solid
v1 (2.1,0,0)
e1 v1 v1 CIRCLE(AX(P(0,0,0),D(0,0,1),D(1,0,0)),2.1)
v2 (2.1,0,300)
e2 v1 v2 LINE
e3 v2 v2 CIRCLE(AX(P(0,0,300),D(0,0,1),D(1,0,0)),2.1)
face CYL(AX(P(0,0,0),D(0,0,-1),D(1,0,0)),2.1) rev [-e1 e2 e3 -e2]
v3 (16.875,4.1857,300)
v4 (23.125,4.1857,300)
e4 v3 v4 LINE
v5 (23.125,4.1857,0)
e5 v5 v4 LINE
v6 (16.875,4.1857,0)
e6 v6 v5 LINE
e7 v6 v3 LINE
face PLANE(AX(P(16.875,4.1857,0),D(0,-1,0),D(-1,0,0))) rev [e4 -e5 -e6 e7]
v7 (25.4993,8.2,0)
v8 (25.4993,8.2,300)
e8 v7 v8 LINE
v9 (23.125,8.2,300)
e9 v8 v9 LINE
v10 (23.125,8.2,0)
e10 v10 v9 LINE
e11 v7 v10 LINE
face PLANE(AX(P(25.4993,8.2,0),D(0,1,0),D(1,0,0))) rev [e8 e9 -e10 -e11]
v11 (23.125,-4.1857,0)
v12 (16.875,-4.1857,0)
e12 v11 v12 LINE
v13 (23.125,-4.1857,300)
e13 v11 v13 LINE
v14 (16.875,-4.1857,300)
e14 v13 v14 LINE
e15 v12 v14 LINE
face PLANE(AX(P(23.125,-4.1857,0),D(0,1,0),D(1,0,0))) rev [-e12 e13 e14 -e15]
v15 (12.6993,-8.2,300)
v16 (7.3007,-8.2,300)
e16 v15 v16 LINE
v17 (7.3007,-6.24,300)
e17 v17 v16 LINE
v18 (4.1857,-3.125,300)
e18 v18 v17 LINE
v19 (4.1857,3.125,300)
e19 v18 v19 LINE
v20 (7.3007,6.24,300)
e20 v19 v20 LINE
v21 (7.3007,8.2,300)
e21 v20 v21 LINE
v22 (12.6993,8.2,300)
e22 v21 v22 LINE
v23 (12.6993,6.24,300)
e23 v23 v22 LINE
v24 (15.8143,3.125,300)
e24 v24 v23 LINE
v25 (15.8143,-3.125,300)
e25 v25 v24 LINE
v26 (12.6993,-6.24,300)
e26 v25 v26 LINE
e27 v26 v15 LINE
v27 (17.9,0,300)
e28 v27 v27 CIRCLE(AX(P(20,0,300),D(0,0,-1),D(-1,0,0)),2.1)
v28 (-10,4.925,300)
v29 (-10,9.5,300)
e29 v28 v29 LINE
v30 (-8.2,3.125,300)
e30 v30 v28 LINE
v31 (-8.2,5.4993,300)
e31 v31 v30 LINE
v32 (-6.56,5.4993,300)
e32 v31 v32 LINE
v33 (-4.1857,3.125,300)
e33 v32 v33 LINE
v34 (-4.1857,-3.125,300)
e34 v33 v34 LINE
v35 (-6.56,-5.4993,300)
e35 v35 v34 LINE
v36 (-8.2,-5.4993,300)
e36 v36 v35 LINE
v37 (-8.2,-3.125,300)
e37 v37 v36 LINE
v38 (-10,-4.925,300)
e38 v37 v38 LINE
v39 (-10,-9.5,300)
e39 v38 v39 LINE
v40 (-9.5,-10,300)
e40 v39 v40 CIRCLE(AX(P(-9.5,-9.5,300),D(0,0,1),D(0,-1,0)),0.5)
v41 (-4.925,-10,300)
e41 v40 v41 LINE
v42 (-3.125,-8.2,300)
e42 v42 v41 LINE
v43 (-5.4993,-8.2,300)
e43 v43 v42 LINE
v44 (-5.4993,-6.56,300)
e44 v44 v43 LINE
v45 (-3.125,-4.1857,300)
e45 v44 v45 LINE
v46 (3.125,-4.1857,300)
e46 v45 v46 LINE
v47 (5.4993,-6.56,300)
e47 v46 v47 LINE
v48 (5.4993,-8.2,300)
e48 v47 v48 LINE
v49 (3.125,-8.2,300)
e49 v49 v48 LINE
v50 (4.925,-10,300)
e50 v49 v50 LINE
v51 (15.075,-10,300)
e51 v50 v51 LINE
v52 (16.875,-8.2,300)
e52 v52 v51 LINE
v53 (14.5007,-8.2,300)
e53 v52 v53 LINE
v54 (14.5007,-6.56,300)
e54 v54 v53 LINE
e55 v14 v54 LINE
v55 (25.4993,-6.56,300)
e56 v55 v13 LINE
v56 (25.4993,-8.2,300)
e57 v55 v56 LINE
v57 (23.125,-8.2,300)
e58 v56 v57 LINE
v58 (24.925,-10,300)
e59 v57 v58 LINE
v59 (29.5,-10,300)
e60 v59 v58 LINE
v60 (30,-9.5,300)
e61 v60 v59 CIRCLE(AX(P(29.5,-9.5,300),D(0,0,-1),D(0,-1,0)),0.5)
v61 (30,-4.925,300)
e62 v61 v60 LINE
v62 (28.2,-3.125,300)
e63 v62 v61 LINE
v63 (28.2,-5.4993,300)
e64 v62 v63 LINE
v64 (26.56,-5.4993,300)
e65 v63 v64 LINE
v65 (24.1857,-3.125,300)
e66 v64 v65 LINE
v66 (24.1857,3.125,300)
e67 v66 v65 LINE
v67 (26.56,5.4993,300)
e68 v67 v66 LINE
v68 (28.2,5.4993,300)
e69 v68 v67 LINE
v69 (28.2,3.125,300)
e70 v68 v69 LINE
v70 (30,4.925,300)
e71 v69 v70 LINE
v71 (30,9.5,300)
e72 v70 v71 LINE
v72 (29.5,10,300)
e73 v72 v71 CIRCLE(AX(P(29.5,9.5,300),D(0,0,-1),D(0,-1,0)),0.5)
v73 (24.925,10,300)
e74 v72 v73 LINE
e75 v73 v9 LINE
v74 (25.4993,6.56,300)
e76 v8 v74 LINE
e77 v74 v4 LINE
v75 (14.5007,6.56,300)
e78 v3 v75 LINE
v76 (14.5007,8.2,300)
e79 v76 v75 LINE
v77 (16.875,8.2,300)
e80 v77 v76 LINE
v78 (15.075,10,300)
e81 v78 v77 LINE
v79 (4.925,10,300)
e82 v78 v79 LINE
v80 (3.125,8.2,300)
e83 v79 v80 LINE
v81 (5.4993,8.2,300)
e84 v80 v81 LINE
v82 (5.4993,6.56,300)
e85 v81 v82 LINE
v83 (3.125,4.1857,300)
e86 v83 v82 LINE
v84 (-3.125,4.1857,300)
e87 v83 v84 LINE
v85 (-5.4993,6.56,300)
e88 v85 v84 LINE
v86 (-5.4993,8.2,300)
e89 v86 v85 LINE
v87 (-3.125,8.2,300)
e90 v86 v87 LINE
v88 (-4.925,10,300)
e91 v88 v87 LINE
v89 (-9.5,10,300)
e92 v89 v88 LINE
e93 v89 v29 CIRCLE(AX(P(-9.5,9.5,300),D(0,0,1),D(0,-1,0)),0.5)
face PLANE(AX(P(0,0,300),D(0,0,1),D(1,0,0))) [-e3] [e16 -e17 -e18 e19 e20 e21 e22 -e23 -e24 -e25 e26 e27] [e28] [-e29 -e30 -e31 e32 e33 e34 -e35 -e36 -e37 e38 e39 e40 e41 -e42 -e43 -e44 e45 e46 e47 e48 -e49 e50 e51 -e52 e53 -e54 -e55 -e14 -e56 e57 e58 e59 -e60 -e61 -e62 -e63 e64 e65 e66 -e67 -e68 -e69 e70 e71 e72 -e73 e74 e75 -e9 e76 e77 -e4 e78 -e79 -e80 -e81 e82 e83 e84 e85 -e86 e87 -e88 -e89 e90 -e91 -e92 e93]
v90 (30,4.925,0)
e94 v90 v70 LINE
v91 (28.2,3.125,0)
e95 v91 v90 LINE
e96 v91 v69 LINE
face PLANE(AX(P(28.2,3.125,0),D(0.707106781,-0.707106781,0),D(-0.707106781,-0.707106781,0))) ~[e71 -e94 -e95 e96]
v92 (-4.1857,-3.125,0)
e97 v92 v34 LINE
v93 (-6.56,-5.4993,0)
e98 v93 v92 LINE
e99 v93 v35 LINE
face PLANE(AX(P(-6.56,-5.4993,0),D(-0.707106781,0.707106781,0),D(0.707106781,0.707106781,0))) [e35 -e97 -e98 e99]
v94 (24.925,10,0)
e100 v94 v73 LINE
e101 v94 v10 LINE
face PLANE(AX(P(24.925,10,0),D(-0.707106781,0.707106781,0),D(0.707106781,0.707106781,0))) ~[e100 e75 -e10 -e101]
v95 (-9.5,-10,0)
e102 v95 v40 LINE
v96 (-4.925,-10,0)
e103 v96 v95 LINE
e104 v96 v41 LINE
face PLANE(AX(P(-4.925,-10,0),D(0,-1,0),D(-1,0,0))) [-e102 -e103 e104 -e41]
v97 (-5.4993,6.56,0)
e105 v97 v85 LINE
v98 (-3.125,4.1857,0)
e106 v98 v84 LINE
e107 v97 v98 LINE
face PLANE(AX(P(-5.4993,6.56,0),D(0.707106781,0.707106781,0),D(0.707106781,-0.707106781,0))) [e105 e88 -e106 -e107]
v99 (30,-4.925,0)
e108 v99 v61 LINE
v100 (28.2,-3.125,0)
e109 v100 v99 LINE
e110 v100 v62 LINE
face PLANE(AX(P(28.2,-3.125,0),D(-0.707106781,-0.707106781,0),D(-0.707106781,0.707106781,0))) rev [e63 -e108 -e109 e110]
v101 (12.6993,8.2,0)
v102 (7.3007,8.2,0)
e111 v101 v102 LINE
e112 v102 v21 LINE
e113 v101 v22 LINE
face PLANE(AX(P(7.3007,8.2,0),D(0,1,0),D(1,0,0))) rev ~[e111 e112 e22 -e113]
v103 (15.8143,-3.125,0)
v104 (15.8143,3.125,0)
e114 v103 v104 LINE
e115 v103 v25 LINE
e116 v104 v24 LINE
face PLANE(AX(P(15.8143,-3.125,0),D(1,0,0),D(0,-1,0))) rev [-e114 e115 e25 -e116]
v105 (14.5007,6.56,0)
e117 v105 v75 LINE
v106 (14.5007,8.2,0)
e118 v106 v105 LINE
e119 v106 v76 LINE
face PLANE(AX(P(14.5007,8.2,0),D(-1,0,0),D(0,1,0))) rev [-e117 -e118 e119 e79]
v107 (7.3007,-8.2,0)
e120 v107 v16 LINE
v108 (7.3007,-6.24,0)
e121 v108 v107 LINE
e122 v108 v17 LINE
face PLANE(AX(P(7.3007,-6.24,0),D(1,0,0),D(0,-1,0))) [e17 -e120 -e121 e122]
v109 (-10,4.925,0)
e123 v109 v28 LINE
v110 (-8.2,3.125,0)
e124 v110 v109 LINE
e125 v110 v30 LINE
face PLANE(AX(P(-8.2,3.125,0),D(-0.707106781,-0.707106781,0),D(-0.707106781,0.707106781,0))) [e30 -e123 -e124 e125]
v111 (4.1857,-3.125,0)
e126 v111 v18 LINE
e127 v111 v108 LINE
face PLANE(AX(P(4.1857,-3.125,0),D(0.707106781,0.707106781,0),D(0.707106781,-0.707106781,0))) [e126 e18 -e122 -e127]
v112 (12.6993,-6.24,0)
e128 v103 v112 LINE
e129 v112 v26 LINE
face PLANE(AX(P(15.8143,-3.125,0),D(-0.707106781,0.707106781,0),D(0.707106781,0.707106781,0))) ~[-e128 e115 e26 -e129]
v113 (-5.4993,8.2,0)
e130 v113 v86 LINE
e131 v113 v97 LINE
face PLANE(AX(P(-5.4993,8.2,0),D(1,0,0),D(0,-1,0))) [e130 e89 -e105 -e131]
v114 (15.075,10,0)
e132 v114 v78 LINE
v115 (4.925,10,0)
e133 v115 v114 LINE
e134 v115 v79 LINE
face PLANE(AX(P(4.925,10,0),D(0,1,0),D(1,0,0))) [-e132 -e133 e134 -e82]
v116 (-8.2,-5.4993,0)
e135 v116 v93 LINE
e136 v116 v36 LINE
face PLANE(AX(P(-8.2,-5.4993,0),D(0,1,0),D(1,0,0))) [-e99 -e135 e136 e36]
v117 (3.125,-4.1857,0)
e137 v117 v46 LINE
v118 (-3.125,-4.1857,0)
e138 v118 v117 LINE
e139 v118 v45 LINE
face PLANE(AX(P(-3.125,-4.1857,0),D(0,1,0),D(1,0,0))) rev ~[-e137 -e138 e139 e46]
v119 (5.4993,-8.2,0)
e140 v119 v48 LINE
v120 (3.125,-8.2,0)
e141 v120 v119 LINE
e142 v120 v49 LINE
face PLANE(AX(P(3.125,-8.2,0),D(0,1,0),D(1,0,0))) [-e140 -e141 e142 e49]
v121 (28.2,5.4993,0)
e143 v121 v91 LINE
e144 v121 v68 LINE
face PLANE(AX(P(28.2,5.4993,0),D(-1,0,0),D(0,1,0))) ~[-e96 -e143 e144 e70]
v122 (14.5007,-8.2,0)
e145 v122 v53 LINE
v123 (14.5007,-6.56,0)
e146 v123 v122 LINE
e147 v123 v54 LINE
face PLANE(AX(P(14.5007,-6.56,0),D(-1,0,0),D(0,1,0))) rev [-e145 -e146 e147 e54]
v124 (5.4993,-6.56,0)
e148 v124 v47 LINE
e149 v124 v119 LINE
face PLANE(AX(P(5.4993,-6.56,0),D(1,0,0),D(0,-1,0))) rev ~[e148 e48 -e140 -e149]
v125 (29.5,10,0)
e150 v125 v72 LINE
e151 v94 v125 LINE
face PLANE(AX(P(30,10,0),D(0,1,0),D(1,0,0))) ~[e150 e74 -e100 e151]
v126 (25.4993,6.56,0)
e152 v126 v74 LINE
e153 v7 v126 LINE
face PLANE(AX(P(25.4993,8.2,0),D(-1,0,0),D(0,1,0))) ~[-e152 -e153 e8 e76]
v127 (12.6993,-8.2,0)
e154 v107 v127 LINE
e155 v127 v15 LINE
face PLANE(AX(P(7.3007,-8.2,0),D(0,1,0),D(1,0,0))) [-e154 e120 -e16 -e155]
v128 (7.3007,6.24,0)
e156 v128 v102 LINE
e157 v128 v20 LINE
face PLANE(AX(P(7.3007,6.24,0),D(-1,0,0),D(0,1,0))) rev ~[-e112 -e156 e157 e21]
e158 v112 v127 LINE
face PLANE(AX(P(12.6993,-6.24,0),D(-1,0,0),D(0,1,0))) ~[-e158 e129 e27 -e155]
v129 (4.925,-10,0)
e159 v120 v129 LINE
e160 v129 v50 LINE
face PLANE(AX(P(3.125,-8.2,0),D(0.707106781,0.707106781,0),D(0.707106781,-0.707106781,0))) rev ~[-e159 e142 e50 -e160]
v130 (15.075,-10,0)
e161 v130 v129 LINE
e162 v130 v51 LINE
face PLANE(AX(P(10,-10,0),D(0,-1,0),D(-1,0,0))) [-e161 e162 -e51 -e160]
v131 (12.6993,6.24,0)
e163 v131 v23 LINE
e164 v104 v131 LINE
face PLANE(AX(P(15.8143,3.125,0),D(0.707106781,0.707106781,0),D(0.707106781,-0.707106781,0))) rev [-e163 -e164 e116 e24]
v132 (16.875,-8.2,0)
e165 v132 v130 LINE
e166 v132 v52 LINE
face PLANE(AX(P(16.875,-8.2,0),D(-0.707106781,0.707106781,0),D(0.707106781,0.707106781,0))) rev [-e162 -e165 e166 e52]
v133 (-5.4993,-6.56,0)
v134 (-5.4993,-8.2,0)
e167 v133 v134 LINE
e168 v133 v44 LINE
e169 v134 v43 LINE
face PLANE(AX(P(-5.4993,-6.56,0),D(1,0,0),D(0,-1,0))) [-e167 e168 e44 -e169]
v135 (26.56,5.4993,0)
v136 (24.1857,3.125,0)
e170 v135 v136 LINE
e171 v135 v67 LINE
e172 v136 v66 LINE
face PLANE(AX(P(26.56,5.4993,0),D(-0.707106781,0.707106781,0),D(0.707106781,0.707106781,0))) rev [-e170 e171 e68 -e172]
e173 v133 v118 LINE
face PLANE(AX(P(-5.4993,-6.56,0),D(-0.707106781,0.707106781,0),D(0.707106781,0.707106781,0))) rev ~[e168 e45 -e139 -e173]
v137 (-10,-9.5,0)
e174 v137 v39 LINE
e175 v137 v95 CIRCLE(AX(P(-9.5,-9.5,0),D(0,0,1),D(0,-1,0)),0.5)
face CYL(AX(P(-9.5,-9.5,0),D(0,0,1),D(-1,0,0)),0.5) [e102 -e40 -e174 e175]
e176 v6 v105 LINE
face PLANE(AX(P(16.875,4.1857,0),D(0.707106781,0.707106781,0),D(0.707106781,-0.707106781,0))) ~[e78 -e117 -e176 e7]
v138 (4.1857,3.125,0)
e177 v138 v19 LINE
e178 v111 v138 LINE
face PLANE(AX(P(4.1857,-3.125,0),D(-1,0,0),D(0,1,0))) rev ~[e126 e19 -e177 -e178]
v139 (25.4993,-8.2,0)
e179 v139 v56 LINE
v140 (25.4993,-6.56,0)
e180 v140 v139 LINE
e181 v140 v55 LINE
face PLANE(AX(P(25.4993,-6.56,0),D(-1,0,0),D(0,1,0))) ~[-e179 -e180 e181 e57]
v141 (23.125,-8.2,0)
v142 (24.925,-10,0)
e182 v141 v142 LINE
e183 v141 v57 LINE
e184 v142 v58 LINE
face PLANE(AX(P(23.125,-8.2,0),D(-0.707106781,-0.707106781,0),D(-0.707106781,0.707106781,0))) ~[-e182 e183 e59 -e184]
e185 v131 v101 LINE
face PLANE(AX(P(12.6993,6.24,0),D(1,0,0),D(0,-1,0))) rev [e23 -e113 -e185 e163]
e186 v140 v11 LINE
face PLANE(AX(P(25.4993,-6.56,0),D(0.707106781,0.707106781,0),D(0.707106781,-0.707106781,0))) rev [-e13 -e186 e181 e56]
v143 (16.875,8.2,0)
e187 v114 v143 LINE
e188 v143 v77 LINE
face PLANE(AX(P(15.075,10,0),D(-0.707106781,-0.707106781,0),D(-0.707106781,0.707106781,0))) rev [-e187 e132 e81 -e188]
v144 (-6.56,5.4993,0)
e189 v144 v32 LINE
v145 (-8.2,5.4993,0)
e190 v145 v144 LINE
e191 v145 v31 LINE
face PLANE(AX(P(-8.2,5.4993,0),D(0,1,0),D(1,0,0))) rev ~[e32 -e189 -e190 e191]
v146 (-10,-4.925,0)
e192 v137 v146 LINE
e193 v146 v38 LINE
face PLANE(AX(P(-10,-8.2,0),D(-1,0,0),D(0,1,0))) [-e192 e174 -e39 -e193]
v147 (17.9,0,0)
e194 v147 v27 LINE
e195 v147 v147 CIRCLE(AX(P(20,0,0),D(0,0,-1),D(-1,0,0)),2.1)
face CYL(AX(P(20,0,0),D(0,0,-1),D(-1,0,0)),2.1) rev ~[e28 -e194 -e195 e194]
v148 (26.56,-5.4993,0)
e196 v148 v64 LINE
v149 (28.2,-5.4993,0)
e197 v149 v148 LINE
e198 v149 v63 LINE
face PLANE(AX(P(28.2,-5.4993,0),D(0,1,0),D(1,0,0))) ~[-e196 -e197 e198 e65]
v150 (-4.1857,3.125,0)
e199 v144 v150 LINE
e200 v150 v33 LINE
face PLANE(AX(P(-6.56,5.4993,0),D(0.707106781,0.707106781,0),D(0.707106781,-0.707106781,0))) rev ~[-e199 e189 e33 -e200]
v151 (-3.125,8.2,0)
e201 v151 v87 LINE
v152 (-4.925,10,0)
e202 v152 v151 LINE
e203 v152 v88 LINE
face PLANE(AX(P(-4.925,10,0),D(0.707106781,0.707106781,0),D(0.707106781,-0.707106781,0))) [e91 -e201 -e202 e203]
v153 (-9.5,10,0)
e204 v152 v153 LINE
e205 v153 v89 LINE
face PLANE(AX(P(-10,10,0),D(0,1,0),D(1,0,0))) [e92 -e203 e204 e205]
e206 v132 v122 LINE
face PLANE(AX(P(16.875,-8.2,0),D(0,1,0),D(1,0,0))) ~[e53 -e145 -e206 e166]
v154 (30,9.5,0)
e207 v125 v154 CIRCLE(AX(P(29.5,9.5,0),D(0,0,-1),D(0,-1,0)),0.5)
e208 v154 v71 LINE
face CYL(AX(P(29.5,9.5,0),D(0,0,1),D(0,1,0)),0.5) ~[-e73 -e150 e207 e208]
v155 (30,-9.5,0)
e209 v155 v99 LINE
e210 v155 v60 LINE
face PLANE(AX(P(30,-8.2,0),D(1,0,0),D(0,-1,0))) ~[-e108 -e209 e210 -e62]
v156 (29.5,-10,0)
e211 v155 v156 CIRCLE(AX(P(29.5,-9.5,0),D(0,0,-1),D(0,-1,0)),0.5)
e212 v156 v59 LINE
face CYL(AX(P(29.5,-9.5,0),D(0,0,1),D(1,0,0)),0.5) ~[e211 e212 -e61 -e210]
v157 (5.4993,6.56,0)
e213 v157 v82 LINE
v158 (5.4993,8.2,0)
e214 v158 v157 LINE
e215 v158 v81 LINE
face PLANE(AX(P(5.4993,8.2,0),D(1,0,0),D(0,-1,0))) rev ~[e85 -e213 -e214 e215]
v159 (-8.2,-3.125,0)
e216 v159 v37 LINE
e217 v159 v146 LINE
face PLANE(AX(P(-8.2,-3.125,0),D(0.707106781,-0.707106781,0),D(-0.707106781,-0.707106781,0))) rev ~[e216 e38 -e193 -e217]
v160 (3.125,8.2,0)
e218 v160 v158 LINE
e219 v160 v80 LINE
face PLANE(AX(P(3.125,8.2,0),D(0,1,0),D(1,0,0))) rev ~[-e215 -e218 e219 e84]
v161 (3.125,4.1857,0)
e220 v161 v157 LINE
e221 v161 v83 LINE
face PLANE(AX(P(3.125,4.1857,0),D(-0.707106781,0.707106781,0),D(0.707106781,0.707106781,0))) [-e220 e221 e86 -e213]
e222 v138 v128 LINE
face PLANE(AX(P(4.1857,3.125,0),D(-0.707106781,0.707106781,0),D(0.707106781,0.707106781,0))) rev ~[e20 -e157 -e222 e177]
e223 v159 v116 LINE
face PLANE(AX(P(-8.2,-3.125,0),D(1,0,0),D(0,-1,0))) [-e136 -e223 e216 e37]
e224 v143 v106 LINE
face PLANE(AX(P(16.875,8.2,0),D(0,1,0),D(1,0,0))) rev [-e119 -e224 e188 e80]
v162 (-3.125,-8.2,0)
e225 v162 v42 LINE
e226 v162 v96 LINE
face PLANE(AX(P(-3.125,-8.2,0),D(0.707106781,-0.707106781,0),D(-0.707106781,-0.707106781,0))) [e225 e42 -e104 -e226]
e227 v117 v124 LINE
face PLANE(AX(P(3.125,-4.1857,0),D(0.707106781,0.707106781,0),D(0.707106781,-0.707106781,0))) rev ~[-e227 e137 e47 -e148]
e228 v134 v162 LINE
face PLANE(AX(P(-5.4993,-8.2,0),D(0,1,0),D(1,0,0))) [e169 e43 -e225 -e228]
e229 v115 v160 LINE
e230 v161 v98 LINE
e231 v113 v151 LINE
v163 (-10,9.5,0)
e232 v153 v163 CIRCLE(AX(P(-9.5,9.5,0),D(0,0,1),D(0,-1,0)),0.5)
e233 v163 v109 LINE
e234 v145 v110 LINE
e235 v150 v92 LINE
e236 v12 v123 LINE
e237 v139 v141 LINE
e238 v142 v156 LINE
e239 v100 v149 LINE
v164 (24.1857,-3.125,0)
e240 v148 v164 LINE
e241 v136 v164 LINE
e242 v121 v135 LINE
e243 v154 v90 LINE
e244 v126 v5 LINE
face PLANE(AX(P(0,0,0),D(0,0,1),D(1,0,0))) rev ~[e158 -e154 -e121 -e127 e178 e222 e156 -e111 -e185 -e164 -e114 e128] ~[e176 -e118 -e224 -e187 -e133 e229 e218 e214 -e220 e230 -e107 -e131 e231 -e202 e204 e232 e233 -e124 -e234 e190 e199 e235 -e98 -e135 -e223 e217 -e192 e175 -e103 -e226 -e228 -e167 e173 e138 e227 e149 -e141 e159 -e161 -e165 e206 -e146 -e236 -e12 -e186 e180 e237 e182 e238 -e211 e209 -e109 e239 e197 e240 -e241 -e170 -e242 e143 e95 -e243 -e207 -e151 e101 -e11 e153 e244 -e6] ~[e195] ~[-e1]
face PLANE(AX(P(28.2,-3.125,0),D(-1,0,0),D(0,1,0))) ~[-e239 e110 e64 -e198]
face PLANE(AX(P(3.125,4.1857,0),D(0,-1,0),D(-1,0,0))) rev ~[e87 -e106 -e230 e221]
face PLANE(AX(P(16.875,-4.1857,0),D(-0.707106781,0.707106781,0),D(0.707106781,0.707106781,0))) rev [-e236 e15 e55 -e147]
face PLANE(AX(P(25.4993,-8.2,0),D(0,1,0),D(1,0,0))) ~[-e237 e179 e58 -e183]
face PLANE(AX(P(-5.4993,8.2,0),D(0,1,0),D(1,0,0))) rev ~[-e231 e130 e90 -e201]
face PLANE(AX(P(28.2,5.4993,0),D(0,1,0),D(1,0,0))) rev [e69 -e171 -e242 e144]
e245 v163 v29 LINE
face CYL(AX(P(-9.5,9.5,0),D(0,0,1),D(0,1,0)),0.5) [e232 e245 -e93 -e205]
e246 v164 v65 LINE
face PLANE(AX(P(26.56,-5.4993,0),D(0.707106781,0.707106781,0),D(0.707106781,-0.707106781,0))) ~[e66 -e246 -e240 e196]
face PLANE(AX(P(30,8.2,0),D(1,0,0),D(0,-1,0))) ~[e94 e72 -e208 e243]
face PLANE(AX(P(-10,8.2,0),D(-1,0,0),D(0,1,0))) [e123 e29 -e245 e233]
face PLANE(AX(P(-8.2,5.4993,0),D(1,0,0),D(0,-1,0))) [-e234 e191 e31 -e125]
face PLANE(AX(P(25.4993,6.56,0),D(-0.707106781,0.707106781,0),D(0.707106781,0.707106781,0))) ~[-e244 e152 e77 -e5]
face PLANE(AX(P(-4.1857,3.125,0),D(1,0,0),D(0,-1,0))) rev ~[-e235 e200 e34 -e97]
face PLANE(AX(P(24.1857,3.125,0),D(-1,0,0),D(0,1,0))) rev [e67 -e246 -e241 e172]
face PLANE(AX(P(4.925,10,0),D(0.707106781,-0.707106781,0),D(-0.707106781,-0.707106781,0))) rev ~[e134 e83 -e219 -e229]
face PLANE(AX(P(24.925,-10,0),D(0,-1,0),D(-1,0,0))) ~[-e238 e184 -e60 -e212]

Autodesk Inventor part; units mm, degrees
ref_plane "YZ Plane" through (0, 0, 0) normal (1, 0, 0) x (0, 1, 0)
ref_plane "XZ Plane" through (0, 0, 0) normal (0, 1, 0) x (-1, 0, 0)
sketch "Szkic1" plane through (0, 0, 0) normal (0, 0, 1) x (1, 0, 0)
  circle A0 centre (0, 0) radius 2.1
  line L0 (-10, 10) -> (10, 10)
  line L1 (10, 10) -> (10, -10)
  line L2 (10, -10) -> (-10, -10)
  line L3 (-10, -10) -> (-10, 10)
  line L4 (-10, -10) -> (10, 10) construction
  line L5 (10, -10) -> (-10, 10) construction
  line L6 (-10, 8.2) -> (10, 8.2)
  line L7 (-10, -8.2) -> (10, -8.2)
  line L8 (-8.2, 10) -> (-8.2, -10)
  line L9 (10, 10) -> (30, 10)
  line L10 (30, 10) -> (30, -10)
  line L11 (30, -10) -> (10, -10)
  line L12 (10, -10) -> (10, 10)
  line L13 (-4.1857, -4.1857) -> (4.1857, -4.1857)
  line L14 (4.1857, -4.1857) -> (4.1857, 4.1857)
  line L15 (4.1857, 4.1857) -> (-4.1857, 4.1857)
  line L16 (-4.1857, 4.1857) -> (-4.1857, -4.1857)
  line L17 (-8.2, 7.1393) -> (-4.1857, 3.125)
  line L18 (-7.1393, 8.2) -> (-3.125, 4.1857)
  line L19 (-4.925, 10) -> (-3.125, 8.2)
  line L20 (4.925, 10) -> (3.125, 8.2)
  line L21 (-3.125, -8.2) -> (-4.925, -10)
  line L22 (3.125, -8.2) -> (4.925, -10)
  line L23 (-8.2, -7.1393) -> (-4.1857, -3.125)
  line L24 (-7.1393, -8.2) -> (-3.125, -4.1857)
  line L25 (3.125, -4.1857) -> (7.1393, -8.2)
  line L26 (4.1857, -3.125) -> (7.3007, -6.24)
  line L27 (4.1857, 3.125) -> (7.3007, 6.24)
  line L28 (3.125, 4.1857) -> (7.1393, 8.2)
  line L29 (-5.4993, 8.2) -> (-5.4993, 6.56)
  line L30 (5.4993, 8.2) -> (5.4993, 6.56)
  line L31 (-8.2, 5.4993) -> (-6.56, 5.4993)
  line L32 (-8.2, -5.4993) -> (-6.56, -5.4993)
  line L33 (-5.4993, -6.56) -> (-5.4993, -8.2)
  line L34 (5.4993, -6.56) -> (5.4993, -8.2)
  line L35 (-8.2, 3.125) -> (-10, 4.925)
  line L36 (-8.2, -3.125) -> (-10, -4.925)
  line L37 (7.3007, 6.24) -> (7.3007, 8.2)
  line L38 (7.3007, -6.24) -> (7.3007, -8.2)
  point P0 (0, -8.2)
  point P1 (-8.2, -8.2)
  point P2 (-8.2, 8.2)
  dimension "d0" = 4.2
  dimension "d1" = 20
  dimension "d2" = 1.8
  dimension "d4" = 20
  dimension "d5" = 20
  dimension "d6" = 1.8
  dimension "d7" = 1.8
  dimension "d8" = 1.5
  dimension "d9" = 0.75
  dimension "d10" = 135
  dimension "d11" = 6.25
  dimension "d12" = 3.125
  dimension "d13" = 1.5
  dimension "d14" = 1.5
  dimension "d15" = 1.5
  dimension "d16" = 0.75
  dimension "d17" = 0.75
  dimension "d18" = 0.75
  dimension "d19" = 1.64
  dimension "d20" = 1.64
  dimension "d21" = 1.64
  dimension "d22" = 1.64
  dimension "d23" = 1.64
  dimension "d24" = 1.64
  dimension "d25" = 45
  dimension "d30" = 1.96
  dimension "d31" = 1.96
extrude "Wyciągnięcie proste1" add sketch "Szkic1" along normal blind 300 contours L0 L8 L6 L3 | L0 L19 L6 L8 | L6 L8 L35 L3 | L6 L18 L15 L16 L17 L8 | L0 L1 L6 L20 | L6 L29 L18 | L17 L31 L8 | L36 L8 L7 L3 | L7 L8 L2 L3 | L6 L28 L30 | L15 L14 L13 L16 | L8 L23 L16 L13 L24 L7 | L7 L21 L2 L8 | L32 L23 L8 | L1 L2 L22 L7 | L37 L27 L14 L15 L28 L6 | L24 L33 L7 | L7 L25 L13 L14 L26 L38 | L7 L34 L25
ref_plane "Płaszczyzna konstrukcyjna1" through (10, 8.2, 0) normal (1, 0, 0) x (0, 0, -1)
mirror "Odbij1" about plane through (10, 8.2, 0) normal (1, 0, 0) of "Wyciągnięcie proste1"
fillet "Zaokrąglenie1" radius 0.5 4 edges at (-10, 10, 150) (-10, -10, 150) (30, 10, 150) (30, -10, 150)
properties part number "2040vslot_long"
